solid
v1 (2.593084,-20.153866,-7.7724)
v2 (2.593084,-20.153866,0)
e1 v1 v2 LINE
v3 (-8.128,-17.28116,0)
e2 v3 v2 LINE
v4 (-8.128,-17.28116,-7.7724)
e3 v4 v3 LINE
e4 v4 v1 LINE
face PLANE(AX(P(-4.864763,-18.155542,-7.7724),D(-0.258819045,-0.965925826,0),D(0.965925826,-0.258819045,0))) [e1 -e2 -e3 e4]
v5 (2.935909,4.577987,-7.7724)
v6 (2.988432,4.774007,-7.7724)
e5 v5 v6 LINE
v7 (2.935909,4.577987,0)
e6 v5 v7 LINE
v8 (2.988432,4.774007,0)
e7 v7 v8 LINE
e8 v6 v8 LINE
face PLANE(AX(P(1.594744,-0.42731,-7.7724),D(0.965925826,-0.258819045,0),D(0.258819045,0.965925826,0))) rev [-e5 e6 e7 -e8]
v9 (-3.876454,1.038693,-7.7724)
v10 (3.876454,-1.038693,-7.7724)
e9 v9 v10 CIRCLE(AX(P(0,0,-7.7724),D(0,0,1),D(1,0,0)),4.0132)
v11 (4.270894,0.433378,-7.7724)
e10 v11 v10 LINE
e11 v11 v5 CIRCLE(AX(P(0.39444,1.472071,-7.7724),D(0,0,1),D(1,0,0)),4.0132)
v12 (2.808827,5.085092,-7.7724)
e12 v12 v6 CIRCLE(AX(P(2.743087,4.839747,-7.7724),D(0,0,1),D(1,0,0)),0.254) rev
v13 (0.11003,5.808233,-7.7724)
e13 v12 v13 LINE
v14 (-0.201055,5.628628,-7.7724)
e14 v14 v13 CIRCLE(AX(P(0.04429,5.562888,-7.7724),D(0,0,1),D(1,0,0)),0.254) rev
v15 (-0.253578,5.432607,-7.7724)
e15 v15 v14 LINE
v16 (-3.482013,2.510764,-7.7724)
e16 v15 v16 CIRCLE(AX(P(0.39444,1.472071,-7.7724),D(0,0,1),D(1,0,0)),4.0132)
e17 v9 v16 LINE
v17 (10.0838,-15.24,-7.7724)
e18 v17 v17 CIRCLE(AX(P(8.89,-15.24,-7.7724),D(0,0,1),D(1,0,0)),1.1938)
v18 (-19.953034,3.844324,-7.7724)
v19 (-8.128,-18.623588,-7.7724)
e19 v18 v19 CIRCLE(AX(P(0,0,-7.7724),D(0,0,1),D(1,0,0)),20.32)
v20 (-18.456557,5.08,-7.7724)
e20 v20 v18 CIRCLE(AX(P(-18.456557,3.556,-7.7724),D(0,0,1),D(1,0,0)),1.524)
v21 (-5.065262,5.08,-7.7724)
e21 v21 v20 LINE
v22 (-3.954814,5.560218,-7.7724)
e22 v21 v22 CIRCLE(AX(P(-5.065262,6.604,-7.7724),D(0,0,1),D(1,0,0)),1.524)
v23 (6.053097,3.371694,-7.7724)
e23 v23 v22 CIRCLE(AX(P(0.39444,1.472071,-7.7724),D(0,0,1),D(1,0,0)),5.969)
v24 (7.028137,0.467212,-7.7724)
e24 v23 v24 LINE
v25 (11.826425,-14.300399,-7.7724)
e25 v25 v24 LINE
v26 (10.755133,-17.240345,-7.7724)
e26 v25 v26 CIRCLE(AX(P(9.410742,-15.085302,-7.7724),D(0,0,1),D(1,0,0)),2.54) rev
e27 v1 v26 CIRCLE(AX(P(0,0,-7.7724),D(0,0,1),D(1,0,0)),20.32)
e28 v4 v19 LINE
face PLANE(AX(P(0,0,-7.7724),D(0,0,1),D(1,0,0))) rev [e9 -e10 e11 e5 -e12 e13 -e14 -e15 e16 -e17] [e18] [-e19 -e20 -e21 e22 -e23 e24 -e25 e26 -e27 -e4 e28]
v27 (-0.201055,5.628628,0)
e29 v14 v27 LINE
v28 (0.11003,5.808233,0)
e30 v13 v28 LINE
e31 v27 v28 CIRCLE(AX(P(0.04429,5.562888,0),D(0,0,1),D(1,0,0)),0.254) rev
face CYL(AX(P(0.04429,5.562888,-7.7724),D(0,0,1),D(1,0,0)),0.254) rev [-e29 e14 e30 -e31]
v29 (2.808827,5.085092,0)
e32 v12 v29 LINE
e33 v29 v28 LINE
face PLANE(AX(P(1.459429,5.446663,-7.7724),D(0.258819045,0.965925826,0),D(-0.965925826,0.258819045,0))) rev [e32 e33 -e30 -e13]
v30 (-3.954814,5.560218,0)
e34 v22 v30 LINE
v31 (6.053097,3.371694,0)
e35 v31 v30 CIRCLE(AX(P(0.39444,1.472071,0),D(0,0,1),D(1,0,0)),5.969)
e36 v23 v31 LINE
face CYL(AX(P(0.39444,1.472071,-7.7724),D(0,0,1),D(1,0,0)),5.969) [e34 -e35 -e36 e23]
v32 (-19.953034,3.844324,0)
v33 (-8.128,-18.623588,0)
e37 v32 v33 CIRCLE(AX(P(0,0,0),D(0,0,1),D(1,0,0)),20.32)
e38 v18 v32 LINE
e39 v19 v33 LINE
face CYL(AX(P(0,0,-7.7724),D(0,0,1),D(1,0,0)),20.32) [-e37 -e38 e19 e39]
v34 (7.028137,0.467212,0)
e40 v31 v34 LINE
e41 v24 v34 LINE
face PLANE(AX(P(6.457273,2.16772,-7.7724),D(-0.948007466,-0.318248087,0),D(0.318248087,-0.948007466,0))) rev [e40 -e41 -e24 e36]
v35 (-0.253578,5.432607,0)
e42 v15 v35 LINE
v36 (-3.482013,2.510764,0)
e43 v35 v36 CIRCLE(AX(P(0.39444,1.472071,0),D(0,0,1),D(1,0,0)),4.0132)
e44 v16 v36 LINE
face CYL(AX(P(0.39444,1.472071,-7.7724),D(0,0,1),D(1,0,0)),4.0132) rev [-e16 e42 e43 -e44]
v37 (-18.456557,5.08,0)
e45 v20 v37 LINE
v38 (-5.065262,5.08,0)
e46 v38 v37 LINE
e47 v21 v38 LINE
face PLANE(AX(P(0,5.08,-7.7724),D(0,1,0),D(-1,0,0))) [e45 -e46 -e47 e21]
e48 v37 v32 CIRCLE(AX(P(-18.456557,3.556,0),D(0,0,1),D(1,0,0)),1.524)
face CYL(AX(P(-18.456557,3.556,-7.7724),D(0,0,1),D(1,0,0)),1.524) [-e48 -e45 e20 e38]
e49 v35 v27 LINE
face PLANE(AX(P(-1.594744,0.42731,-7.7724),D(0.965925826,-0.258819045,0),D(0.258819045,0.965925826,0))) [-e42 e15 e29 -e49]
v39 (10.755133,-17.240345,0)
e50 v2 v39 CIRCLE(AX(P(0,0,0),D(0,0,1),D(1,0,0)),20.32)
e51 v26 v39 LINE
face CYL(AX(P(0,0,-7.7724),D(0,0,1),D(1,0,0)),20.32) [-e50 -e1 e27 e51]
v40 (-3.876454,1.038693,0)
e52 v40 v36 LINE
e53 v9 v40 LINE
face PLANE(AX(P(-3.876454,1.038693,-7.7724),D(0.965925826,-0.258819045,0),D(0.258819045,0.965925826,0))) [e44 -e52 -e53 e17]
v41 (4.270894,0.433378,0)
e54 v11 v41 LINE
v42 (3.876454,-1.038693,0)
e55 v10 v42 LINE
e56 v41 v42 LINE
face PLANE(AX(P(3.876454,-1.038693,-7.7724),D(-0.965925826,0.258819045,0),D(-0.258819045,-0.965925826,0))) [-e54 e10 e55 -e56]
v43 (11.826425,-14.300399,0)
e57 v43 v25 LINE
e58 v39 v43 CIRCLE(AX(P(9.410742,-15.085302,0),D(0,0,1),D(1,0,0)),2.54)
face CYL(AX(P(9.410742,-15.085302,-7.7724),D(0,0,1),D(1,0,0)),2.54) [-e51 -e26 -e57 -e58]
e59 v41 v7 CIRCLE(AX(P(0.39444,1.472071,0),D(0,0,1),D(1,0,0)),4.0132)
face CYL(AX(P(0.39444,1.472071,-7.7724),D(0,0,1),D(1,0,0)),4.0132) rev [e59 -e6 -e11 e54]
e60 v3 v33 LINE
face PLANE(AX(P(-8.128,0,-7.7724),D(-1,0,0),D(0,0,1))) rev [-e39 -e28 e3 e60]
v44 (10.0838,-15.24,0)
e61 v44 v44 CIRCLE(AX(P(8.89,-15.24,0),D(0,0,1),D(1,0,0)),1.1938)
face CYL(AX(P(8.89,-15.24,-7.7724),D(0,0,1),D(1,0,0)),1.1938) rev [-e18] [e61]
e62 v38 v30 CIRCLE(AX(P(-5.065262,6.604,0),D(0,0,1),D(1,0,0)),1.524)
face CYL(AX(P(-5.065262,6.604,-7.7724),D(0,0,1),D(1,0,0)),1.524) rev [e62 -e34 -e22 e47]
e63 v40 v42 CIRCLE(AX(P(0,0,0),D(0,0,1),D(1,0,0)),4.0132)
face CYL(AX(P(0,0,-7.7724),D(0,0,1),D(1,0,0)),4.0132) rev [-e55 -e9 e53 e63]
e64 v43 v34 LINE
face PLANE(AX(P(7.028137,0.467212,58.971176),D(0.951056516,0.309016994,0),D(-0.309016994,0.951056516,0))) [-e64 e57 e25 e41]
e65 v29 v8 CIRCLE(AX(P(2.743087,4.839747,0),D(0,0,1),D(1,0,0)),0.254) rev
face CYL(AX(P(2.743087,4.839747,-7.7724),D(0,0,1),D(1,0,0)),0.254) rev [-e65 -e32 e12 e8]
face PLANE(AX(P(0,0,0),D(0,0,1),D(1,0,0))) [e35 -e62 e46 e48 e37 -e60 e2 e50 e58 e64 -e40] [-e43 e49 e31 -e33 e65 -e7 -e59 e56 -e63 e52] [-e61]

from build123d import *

# Parameters (mm, degrees)
SKETCH1_R               = 1.1938
BOSS_EXTRUDE1_DEPTH     = 7.7724
CUT_EXTRUDE1_DEPTH      = 1
CUT_EXTRUDE1_DEPTH_BACK = 8.7724
FILLET1_R               = 2.54


with BuildPart() as part:
    # Sketch1 → Boss-Extrude1 (new body)
    with BuildSketch(Plane.XY):
        with BuildLine():
            Line((-5.065262452, 5.08), (-18.456556559, 5.08))
            ThreePointArc((-18.456556559, 5.08), (-19.426909517, 4.731155792), (-19.953034117, 3.844324324))
            ThreePointArc((-19.953034117, 3.844324324), (-17.981598542, -9.463853015), (-8.128, -18.623587624))
            Line((-8.128, -18.623587624), (-8.128, -17.281160051))
            Line((-8.128, -17.281160051), (2.593084415, -20.153865962))
            ThreePointArc((2.593084415, -20.153865962), (10.900004065, -17.149119843), (17.146958643, -10.903403565))
            Line((17.146958643, -10.903403565), (12.940315476, -3.61728387))
            ThreePointArc((12.940315476, -3.61728387), (12.796393961, -3.475289825), (12.60008731, -3.426922378))
            ThreePointArc((12.60008731, -3.426922378), (9.17217903, -2.398369889), (7.028137334, 0.467212181))
            Line((7.028137334, 0.467212181), (6.053096787, 3.371693793))
            ThreePointArc((6.053096787, 3.371693793), (1.669604011, 7.303273092), (-3.95481445, 5.560217822))
            ThreePointArc((-3.95481445, 5.560217822), (-4.460344292, 5.205196933), (-5.065262452, 5.08))
        make_face()
        with Locations((8.89, -15.24)):
            Circle(SKETCH1_R, mode=Mode.SUBTRACT)
        with BuildLine():
            Line((-3.876453526, 1.038692592), (-3.482013301, 2.510763551))
            ThreePointArc((-3.482013301, 2.510763551), (-2.298514325, 4.447599489), (-0.253578298, 5.432607064))
            Line((-0.253578298, 5.432607064), (-0.201054745, 5.628627633))
            ThreePointArc((-0.201054745, 5.628627633), (-0.082709585, 5.782858048), (0.110030452, 5.808232755))
            Line((0.110030452, 5.808232755), (2.808827211, 5.085092343))
            ThreePointArc((2.808827211, 5.085092343), (2.963057626, 4.966747183), (2.988432333, 4.774007146))
            Line((2.988432333, 4.774007146), (2.93590878, 4.577986577))
            ThreePointArc((2.93590878, 4.577986577), (4.214371541, 2.702476981), (4.270893751, 0.433378367))
            Line((4.270893751, 0.433378367), (3.876453526, -1.038692592))
            ThreePointArc((3.876453526, -1.038692592), (-1.038692592, -3.876453526), (-3.876453526, 1.038692592))
        make_face(mode=Mode.SUBTRACT)
    extrude(amount=-BOSS_EXTRUDE1_DEPTH)

    # Sketch2 → Cut-Extrude1 (cut, two sides)
    with BuildSketch(Plane.XY) as cut_extrude1_sk:
        Polygon((-20.975210343, 86.652654313), (7.028137334, 0.467212181), (12.408372181, -16.091448034), (40.411719858, -102.276890166), (212.782604123, -46.270194811), (151.395673921, 142.659349668), align=None)
    extrude(amount=CUT_EXTRUDE1_DEPTH, mode=Mode.SUBTRACT)
    extrude(cut_extrude1_sk.sketch, amount=-CUT_EXTRUDE1_DEPTH_BACK, mode=Mode.SUBTRACT)

    # Fillet1
    fillet1_edges = [part.edges().sort_by_distance(p)[0] for p in [
        (12.408372181, -16.091448034, -3.8862),
    ]]
    fillet(fillet1_edges, radius=FILLET1_R)


solid = part.part
